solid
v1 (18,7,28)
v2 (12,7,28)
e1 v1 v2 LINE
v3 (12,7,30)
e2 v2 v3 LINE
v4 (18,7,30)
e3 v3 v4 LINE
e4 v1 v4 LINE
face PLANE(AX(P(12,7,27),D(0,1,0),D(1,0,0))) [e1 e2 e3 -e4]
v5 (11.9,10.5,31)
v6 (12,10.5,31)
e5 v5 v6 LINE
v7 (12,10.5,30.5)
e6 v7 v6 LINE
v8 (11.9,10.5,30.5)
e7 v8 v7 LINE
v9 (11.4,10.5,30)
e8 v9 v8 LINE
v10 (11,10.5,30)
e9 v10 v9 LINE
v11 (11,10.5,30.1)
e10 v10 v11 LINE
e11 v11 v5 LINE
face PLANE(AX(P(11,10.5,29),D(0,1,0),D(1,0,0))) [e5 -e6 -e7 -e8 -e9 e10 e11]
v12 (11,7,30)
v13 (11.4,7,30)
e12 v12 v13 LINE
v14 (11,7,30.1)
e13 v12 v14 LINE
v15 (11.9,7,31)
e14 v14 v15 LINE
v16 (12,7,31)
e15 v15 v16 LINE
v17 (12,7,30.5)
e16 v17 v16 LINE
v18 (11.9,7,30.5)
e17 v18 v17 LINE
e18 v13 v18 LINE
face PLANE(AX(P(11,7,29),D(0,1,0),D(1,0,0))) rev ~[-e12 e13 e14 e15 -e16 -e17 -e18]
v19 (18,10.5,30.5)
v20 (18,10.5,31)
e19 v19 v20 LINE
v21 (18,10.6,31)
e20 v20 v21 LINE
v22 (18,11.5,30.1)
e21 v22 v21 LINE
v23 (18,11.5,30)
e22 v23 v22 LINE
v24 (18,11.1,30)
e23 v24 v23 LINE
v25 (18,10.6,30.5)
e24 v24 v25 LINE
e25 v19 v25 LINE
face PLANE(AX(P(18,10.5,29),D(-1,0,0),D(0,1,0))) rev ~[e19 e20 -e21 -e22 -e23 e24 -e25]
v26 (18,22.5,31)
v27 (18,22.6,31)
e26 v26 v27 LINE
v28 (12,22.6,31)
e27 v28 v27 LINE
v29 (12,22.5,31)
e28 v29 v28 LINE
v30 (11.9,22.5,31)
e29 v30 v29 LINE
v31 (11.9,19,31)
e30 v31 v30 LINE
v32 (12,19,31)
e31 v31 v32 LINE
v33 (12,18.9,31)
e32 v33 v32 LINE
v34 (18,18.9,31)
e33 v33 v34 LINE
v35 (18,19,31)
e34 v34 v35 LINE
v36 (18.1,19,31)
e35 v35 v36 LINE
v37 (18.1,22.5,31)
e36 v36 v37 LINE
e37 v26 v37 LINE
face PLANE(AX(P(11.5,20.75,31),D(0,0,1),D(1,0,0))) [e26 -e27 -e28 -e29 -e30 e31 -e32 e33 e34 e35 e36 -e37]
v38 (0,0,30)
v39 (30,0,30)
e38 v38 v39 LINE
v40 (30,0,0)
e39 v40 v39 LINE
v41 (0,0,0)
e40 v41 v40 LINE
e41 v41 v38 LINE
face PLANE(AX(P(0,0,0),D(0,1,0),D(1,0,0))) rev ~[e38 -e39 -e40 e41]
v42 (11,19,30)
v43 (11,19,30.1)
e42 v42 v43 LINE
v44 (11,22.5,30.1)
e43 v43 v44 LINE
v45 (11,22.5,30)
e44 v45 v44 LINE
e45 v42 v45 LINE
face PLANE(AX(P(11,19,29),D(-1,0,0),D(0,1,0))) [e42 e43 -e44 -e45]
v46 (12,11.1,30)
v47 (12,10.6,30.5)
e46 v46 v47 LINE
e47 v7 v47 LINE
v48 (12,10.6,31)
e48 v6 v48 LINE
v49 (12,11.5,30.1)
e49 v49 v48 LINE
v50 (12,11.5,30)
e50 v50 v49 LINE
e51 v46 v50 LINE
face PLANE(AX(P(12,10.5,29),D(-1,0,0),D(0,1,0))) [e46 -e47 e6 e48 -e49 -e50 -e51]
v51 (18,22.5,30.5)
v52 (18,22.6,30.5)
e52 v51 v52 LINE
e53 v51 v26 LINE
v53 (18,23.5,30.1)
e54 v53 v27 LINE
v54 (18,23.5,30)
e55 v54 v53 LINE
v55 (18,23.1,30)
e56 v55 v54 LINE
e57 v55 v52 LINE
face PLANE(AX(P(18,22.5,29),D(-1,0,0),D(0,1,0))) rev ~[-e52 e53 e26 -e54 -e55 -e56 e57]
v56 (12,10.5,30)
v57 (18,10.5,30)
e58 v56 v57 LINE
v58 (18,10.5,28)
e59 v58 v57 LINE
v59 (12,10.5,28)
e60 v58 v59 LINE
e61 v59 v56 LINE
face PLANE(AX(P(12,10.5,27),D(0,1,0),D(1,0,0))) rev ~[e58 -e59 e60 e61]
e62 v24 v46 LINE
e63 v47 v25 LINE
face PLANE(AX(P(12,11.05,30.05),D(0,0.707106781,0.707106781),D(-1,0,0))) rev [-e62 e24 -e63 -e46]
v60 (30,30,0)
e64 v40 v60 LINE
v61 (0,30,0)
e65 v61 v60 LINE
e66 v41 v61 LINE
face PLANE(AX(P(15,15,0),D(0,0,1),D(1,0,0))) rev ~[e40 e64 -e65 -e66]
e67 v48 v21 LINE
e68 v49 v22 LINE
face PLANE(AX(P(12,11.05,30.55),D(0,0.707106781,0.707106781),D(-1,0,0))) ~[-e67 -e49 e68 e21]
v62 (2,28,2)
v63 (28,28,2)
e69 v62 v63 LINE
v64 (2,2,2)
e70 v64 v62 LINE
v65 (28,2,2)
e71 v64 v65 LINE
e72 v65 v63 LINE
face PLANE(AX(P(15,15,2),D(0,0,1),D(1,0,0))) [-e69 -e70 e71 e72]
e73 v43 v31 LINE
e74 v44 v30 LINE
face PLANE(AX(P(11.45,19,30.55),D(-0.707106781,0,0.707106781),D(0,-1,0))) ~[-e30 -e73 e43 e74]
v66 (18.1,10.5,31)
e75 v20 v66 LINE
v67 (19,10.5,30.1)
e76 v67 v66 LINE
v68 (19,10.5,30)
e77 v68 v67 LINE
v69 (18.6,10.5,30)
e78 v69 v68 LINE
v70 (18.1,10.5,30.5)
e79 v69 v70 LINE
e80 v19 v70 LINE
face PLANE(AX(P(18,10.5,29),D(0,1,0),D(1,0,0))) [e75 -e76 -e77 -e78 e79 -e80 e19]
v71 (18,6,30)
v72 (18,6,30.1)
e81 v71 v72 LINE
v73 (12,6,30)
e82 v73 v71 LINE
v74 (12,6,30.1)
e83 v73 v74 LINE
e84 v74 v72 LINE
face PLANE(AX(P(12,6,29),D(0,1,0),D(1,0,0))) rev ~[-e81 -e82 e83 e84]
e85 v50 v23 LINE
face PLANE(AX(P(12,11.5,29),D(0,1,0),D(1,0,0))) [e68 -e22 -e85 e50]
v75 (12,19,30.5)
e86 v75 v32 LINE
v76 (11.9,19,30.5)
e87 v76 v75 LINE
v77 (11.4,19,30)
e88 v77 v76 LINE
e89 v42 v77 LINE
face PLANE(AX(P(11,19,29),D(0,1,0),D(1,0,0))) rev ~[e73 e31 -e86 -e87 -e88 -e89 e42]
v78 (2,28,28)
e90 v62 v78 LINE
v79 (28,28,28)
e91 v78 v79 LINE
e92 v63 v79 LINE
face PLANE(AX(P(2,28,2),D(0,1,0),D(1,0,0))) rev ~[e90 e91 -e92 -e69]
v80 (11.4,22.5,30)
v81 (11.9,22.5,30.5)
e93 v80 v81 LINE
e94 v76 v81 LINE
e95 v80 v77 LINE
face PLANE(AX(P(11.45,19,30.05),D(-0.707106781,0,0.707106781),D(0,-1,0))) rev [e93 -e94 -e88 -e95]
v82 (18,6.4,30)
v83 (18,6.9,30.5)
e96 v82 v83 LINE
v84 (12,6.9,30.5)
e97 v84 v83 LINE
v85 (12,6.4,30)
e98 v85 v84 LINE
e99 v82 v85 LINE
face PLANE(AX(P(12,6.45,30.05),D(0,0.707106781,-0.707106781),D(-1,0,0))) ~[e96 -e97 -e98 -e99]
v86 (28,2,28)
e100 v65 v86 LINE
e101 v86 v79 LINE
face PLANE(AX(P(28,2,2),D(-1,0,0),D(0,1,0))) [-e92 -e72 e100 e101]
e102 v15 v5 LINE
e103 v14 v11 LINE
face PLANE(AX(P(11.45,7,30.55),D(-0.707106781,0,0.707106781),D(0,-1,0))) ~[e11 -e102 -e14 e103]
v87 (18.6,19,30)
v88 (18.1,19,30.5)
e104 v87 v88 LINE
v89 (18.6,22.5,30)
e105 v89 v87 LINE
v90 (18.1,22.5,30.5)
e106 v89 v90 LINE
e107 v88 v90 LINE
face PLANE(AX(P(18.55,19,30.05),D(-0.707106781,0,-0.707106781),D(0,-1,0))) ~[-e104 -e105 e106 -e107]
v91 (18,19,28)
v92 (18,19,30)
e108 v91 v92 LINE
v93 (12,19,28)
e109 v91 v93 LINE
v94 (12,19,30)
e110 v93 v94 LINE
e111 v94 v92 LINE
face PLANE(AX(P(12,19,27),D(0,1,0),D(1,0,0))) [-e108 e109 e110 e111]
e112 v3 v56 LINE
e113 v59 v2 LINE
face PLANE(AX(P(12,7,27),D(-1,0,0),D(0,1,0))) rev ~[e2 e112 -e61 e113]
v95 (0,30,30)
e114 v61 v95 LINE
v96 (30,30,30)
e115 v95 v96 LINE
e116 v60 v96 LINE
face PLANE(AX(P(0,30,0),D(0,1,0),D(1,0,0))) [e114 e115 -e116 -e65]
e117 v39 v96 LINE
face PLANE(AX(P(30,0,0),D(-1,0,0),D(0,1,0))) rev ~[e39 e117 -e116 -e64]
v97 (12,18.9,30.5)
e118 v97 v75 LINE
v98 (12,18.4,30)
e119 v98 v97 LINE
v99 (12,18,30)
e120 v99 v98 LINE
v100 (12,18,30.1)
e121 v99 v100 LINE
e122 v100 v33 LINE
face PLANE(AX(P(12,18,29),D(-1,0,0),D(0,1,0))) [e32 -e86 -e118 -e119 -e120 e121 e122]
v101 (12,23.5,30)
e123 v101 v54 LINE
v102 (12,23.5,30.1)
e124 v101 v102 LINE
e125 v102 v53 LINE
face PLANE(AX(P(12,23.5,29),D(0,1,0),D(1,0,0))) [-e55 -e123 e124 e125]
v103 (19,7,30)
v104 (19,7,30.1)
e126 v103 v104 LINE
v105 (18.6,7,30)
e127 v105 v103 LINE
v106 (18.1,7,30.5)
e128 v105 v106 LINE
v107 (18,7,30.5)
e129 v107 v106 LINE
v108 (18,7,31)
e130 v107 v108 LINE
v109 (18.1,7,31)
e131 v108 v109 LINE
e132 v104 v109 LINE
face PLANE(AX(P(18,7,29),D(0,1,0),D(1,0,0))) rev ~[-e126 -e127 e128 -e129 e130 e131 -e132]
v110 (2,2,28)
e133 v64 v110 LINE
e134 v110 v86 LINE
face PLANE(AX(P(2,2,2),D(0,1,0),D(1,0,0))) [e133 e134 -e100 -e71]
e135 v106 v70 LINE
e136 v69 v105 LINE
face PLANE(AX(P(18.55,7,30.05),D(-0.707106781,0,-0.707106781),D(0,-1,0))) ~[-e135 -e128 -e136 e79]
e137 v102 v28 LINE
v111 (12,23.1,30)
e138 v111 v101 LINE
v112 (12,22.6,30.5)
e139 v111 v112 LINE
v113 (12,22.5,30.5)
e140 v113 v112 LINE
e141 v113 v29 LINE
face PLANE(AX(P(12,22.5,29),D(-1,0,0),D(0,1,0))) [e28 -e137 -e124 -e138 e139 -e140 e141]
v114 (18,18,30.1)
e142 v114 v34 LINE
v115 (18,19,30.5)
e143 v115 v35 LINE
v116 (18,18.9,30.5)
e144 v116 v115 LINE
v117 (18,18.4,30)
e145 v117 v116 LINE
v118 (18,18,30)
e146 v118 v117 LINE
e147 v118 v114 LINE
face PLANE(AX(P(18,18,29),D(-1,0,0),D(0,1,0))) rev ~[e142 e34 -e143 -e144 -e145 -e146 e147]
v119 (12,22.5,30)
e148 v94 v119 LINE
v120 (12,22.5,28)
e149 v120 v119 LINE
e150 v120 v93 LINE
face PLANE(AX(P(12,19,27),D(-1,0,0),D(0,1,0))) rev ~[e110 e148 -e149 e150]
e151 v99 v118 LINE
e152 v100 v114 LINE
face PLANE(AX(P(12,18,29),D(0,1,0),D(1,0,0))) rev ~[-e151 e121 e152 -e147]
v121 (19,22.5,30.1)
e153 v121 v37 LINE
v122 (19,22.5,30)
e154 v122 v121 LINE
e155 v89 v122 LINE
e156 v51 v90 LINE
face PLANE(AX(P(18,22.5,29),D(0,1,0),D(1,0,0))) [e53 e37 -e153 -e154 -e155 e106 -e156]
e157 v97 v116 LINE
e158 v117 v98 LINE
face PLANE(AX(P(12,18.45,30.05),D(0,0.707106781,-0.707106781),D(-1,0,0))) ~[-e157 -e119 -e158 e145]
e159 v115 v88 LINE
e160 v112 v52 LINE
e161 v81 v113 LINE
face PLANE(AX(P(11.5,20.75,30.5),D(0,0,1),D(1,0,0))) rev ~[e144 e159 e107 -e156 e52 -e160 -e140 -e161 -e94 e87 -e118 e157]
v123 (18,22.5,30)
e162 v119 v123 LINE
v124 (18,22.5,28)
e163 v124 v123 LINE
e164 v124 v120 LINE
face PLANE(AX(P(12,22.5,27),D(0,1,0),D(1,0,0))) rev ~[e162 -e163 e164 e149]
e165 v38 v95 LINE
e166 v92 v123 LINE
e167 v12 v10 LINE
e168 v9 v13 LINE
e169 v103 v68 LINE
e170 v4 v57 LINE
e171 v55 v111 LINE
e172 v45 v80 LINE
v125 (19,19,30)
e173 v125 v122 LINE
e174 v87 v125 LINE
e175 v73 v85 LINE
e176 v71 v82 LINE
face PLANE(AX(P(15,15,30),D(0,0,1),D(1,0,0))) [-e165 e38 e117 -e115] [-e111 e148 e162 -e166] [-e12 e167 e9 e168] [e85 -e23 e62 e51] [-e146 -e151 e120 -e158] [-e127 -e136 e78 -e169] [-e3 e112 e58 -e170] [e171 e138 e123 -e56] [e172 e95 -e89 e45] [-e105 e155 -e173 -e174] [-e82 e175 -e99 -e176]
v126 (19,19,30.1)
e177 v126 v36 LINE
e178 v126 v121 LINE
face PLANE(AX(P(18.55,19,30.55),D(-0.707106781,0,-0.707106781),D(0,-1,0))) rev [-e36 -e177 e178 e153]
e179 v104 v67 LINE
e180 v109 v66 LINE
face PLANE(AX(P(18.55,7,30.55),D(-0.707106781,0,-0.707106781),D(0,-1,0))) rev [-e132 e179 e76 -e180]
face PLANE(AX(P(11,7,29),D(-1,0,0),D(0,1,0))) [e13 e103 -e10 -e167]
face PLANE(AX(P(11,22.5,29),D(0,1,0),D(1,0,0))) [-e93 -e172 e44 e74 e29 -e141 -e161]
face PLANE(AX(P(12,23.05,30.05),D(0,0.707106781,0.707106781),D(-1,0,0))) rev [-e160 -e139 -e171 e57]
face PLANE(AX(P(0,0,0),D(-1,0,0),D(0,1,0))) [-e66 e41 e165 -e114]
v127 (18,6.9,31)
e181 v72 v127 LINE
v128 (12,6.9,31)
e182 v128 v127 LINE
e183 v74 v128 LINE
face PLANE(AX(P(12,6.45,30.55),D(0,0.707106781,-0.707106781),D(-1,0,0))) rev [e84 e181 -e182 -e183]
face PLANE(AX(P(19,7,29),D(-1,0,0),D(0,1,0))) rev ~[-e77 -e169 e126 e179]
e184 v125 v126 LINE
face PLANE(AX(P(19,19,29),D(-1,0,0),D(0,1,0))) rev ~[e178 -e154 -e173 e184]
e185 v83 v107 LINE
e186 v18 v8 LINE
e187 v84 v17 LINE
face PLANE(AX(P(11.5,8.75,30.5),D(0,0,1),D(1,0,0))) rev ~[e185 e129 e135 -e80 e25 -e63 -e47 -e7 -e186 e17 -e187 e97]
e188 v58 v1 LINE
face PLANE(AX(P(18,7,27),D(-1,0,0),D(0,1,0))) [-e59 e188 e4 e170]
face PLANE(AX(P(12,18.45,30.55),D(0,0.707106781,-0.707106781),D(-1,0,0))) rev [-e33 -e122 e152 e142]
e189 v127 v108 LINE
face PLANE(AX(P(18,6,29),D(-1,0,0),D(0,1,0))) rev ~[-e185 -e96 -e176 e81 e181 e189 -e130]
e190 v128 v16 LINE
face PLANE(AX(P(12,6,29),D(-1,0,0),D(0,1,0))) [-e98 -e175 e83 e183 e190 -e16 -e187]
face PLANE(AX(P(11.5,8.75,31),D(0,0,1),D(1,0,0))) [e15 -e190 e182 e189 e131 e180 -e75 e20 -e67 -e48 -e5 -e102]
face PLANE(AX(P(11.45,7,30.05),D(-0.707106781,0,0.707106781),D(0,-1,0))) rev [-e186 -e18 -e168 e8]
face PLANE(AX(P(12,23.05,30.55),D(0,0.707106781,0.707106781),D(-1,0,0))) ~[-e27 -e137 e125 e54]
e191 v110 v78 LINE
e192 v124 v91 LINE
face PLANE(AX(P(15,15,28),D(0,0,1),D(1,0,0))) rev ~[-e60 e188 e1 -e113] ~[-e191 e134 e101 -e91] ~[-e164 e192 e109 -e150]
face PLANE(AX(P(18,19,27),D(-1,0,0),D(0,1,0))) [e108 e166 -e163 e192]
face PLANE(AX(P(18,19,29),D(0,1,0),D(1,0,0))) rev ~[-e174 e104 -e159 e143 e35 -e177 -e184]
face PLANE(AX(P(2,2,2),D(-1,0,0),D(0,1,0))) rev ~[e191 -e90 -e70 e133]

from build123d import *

# Parameters (mm, degrees)
BOX034_W        = 6
BOX034_H        = 1
BOX034_DEPTH    = 2
BOX033_W        = 1
BOX033_H        = 3.5
BOX033_DEPTH    = 2
BOX032_W        = 1
BOX032_H        = 3.5
BOX032_DEPTH    = 2
BOX031_W        = 6
BOX031_H        = 3.5
BOX031_DEPTH    = 2
BOX035_W        = 6
BOX035_H        = 1
BOX035_DEPTH    = 2
CHAMFER003_SIZE = 0.9
BOX024_W        = 6
BOX024_H        = 1
BOX024_DEPTH    = 2
BOX023_W        = 1
BOX023_H        = 3.5
BOX023_DEPTH    = 2
BOX022_W        = 1
BOX022_H        = 3.5
BOX022_DEPTH    = 2
BOX017_W        = 6
BOX017_H        = 3.5
BOX017_DEPTH    = 2
BOX025_W        = 6
BOX025_H        = 1
BOX025_DEPTH    = 2
CHAMFER001_SIZE = 0.9
BOX014_W        = 6
BOX014_H        = 3.5
BOX014_DEPTH    = 3
BOX015_W        = 6
BOX015_H        = 3.5
BOX015_DEPTH    = 3
BOX001_W        = 26
BOX001_H        = 26
BOX001_DEPTH    = 26
BOX_W           = 30
BOX_H           = 30
BOX_DEPTH       = 30
BOX029_W        = 6
BOX029_H        = 1
BOX029_DEPTH    = 2
BOX028_W        = 1
BOX028_H        = 3.5
BOX028_DEPTH    = 2
BOX027_W        = 1
BOX027_H        = 3.5
BOX027_DEPTH    = 2
BOX026_W        = 6
BOX026_H        = 3.5
BOX026_DEPTH    = 2
BOX030_W        = 6
BOX030_H        = 1
BOX030_DEPTH    = 2
CHAMFER002_SIZE = 0.9
BOX020_W        = 6
BOX020_H        = 1
BOX020_DEPTH    = 2
BOX019_W        = 1
BOX019_H        = 3.5
BOX019_DEPTH    = 2
BOX018_W        = 1
BOX018_H        = 3.5
BOX018_DEPTH    = 2
BOX016_W        = 6
BOX016_H        = 3.5
BOX016_DEPTH    = 2
BOX021_W        = 6
BOX021_H        = 1
BOX021_DEPTH    = 2
CHAMFER_SIZE    = 0.9


with BuildPart() as button2_box0010:
    # Box034 → Box034 (new body)
    with BuildSketch(Plane(origin=(12, 18, 28), x_dir=(1, 0, 0), z_dir=(0, 0, 1))):
        with Locations((3, 0.5)):
            Rectangle(BOX034_W, BOX034_H)
    extrude(amount=BOX034_DEPTH)


with BuildPart() as button2_box0009:
    # Box033 → Box033 (new body)
    with BuildSketch(Plane(origin=(18, 19, 28), x_dir=(1, 0, 0), z_dir=(0, 0, 1))):
        with Locations((0.5, 1.75)):
            Rectangle(BOX033_W, BOX033_H)
    extrude(amount=BOX033_DEPTH)


with BuildPart() as button2_box0008:
    # Box032 → Box032 (new body)
    with BuildSketch(Plane(origin=(11, 19, 28), x_dir=(1, 0, 0), z_dir=(0, 0, 1))):
        with Locations((0.5, 1.75)):
            Rectangle(BOX032_W, BOX032_H)
    extrude(amount=BOX032_DEPTH)


with BuildPart() as button2_box0007:
    # Box031 → Box031 (new body)
    with BuildSketch(Plane(origin=(12, 19, 28), x_dir=(1, 0, 0), z_dir=(0, 0, 1))):
        with Locations((3, 1.75)):
            Rectangle(BOX031_W, BOX031_H)
    extrude(amount=BOX031_DEPTH)


with BuildPart() as chamfer002bt2:
    # Box035 → Box035 (new body)
    with BuildSketch(Plane(origin=(12, 22.5, 28), x_dir=(1, 0, 0), z_dir=(0, 0, 1))):
        with Locations((3, 0.5)):
            Rectangle(BOX035_W, BOX035_H)
    extrude(amount=BOX035_DEPTH)

    # Fusion008: union Button2_box0010, Button2_box0009, Button2_box0008, Button2_box0007
    add(button2_box0010.part)
    add(button2_box0009.part)
    add(button2_box0008.part)
    add(button2_box0007.part)


with BuildPart() as chamfer002bt2_1:
    # Fusion008 placement: moved
    add(chamfer002bt2.part.moved(Location((0, 0, 1))))

    # Chamfer003
    chamfer003_edges = [chamfer002bt2_1.edges().sort_by_distance(p)[0] for p in [
        (11, 20.75, 31),
        (15, 18, 31),
        (15, 23.5, 31),
        (19, 20.75, 31),
    ]]
    chamfer(chamfer003_edges, length=CHAMFER003_SIZE)


with BuildPart() as chamfer002bt2_2:
    # Chamfer003 placement: moved
    add(chamfer002bt2_1.part.moved(Location((0, 0, -0.5))))


with BuildPart() as button2_box0005:
    # Box024 → Box024 (new body)
    with BuildSketch(Plane(origin=(12, 18, 28), x_dir=(1, 0, 0), z_dir=(0, 0, 1))):
        with Locations((3, 0.5)):
            Rectangle(BOX024_W, BOX024_H)
    extrude(amount=BOX024_DEPTH)


with BuildPart() as button2_box0004:
    # Box023 → Box023 (new body)
    with BuildSketch(Plane(origin=(18, 19, 28), x_dir=(1, 0, 0), z_dir=(0, 0, 1))):
        with Locations((0.5, 1.75)):
            Rectangle(BOX023_W, BOX023_H)
    extrude(amount=BOX023_DEPTH)


with BuildPart() as button2_box0003:
    # Box022 → Box022 (new body)
    with BuildSketch(Plane(origin=(11, 19, 28), x_dir=(1, 0, 0), z_dir=(0, 0, 1))):
        with Locations((0.5, 1.75)):
            Rectangle(BOX022_W, BOX022_H)
    extrude(amount=BOX022_DEPTH)


with BuildPart() as button2_box0002:
    # Box017 → Box017 (new body)
    with BuildSketch(Plane(origin=(12, 19, 28), x_dir=(1, 0, 0), z_dir=(0, 0, 1))):
        with Locations((3, 1.75)):
            Rectangle(BOX017_W, BOX017_H)
    extrude(amount=BOX017_DEPTH)


with BuildPart() as cut003:
    # Box025 → Box025 (new body)
    with BuildSketch(Plane(origin=(12, 22.5, 28), x_dir=(1, 0, 0), z_dir=(0, 0, 1))):
        with Locations((3, 0.5)):
            Rectangle(BOX025_W, BOX025_H)
    extrude(amount=BOX025_DEPTH)

    # Fusion003: union Button2_box0005, Button2_box0004, Button2_box0003, Button2_box0002
    add(button2_box0005.part)
    add(button2_box0004.part)
    add(button2_box0003.part)
    add(button2_box0002.part)


with BuildPart() as cut003_1:
    # Fusion003 placement: moved
    add(cut003.part.moved(Location((0, 0, 1))))

    # Chamfer001
    chamfer001_edges = [cut003_1.edges().sort_by_distance(p)[0] for p in [
        (11, 20.75, 31),
        (15, 18, 31),
        (15, 23.5, 31),
        (19, 20.75, 31),
    ]]
    chamfer(chamfer001_edges, length=CHAMFER001_SIZE)

    # Cut003: cut Chamfer002Bt2
    add(chamfer002bt2_2.part, mode=Mode.SUBTRACT)


with BuildPart() as button1_box0001:
    # Box014 → Box014 (new body)
    with BuildSketch(Plane(origin=(12, 7, 27), x_dir=(1, 0, 0), z_dir=(0, 0, 1))):
        with Locations((3, 1.75)):
            Rectangle(BOX014_W, BOX014_H)
    extrude(amount=BOX014_DEPTH)


with BuildPart() as fusion004_cut:
    # Box015 → Box015 (new body)
    with BuildSketch(Plane(origin=(12, 19, 27), x_dir=(1, 0, 0), z_dir=(0, 0, 1))):
        with Locations((3, 1.75)):
            Rectangle(BOX015_W, BOX015_H)
    extrude(amount=BOX015_DEPTH)

    # Fusion004: union Button1_box0001
    add(button1_box0001.part)


with BuildPart() as box_in:
    # Box001 → Box001 (new body)
    with BuildSketch(Plane(origin=(2, 2, 2), x_dir=(1, 0, 0), z_dir=(0, 0, 1))):
        with Locations((13, 13)):
            Rectangle(BOX001_W, BOX001_H)
    extrude(amount=BOX001_DEPTH)


with BuildPart() as cut001:
    # Box → Box (new body)
    with BuildSketch(Plane.XY):
        with Locations((15, 15)):
            Rectangle(BOX_W, BOX_H)
    extrude(amount=BOX_DEPTH)

    # Cut: cut Box_in
    add(box_in.part, mode=Mode.SUBTRACT)

    # Cut001: cut Fusion004_cut
    add(fusion004_cut.part, mode=Mode.SUBTRACT)


with BuildPart() as button1_box0010:
    # Box029 → Box029 (new body)
    with BuildSketch(Plane(origin=(12, 6, 28), x_dir=(1, 0, 0), z_dir=(0, 0, 1))):
        with Locations((3, 0.5)):
            Rectangle(BOX029_W, BOX029_H)
    extrude(amount=BOX029_DEPTH)


with BuildPart() as button1_box0009:
    # Box028 → Box028 (new body)
    with BuildSketch(Plane(origin=(18, 7, 28), x_dir=(1, 0, 0), z_dir=(0, 0, 1))):
        with Locations((0.5, 1.75)):
            Rectangle(BOX028_W, BOX028_H)
    extrude(amount=BOX028_DEPTH)


with BuildPart() as button1_box0008:
    # Box027 → Box027 (new body)
    with BuildSketch(Plane(origin=(11, 7, 28), x_dir=(1, 0, 0), z_dir=(0, 0, 1))):
        with Locations((0.5, 1.75)):
            Rectangle(BOX027_W, BOX027_H)
    extrude(amount=BOX027_DEPTH)


with BuildPart() as button1_box0007:
    # Box026 → Box026 (new body)
    with BuildSketch(Plane(origin=(12, 7, 28), x_dir=(1, 0, 0), z_dir=(0, 0, 1))):
        with Locations((3, 1.75)):
            Rectangle(BOX026_W, BOX026_H)
    extrude(amount=BOX026_DEPTH)


with BuildPart() as chamfer002bt1:
    # Box030 → Box030 (new body)
    with BuildSketch(Plane(origin=(12, 10.5, 28), x_dir=(1, 0, 0), z_dir=(0, 0, 1))):
        with Locations((3, 0.5)):
            Rectangle(BOX030_W, BOX030_H)
    extrude(amount=BOX030_DEPTH)

    # Fusion007: union Button1_box0010, Button1_box0009, Button1_box0008, Button1_box0007
    add(button1_box0010.part)
    add(button1_box0009.part)
    add(button1_box0008.part)
    add(button1_box0007.part)


with BuildPart() as chamfer002bt1_1:
    # Fusion007 placement: moved
    add(chamfer002bt1.part.moved(Location((0, 0, 1))))

    # Chamfer002
    chamfer002_edges = [chamfer002bt1_1.edges().sort_by_distance(p)[0] for p in [
        (11, 8.75, 31),
        (15, 6, 31),
        (15, 11.5, 31),
        (19, 8.75, 31),
    ]]
    chamfer(chamfer002_edges, length=CHAMFER002_SIZE)


with BuildPart() as chamfer002bt1_2:
    # Chamfer002 placement: moved
    add(chamfer002bt1_1.part.moved(Location((0, 0, -0.5))))


with BuildPart() as button1_box0005:
    # Box020 → Box020 (new body)
    with BuildSketch(Plane(origin=(12, 6, 28), x_dir=(1, 0, 0), z_dir=(0, 0, 1))):
        with Locations((3, 0.5)):
            Rectangle(BOX020_W, BOX020_H)
    extrude(amount=BOX020_DEPTH)


with BuildPart() as button1_box0004:
    # Box019 → Box019 (new body)
    with BuildSketch(Plane(origin=(18, 7, 28), x_dir=(1, 0, 0), z_dir=(0, 0, 1))):
        with Locations((0.5, 1.75)):
            Rectangle(BOX019_W, BOX019_H)
    extrude(amount=BOX019_DEPTH)


with BuildPart() as button1_box0003:
    # Box018 → Box018 (new body)
    with BuildSketch(Plane(origin=(11, 7, 28), x_dir=(1, 0, 0), z_dir=(0, 0, 1))):
        with Locations((0.5, 1.75)):
            Rectangle(BOX018_W, BOX018_H)
    extrude(amount=BOX018_DEPTH)


with BuildPart() as button1_box0002:
    # Box016 → Box016 (new body)
    with BuildSketch(Plane(origin=(12, 7, 28), x_dir=(1, 0, 0), z_dir=(0, 0, 1))):
        with Locations((3, 1.75)):
            Rectangle(BOX016_W, BOX016_H)
    extrude(amount=BOX016_DEPTH)


with BuildPart() as box:
    # Box021 → Box021 (new body)
    with BuildSketch(Plane(origin=(12, 10.5, 28), x_dir=(1, 0, 0), z_dir=(0, 0, 1))):
        with Locations((3, 0.5)):
            Rectangle(BOX021_W, BOX021_H)
    extrude(amount=BOX021_DEPTH)

    # Fusion002: union Button1_box0005, Button1_box0004, Button1_box0003, Button1_box0002
    add(button1_box0005.part)
    add(button1_box0004.part)
    add(button1_box0003.part)
    add(button1_box0002.part)


with BuildPart() as box_1:
    # Fusion002 placement: moved
    add(box.part.moved(Location((0, 0, 1))))

    # Chamfer
    chamfer_edges = [box_1.edges().sort_by_distance(p)[0] for p in [
        (11, 8.75, 31),
        (15, 6, 31),
        (15, 11.5, 31),
        (19, 8.75, 31),
    ]]
    chamfer(chamfer_edges, length=CHAMFER_SIZE)

    # Cut002: cut Chamfer002Bt1
    add(chamfer002bt1_2.part, mode=Mode.SUBTRACT)

    # Fusion009: union Cut003, Cut001
    add(cut003_1.part)
    add(cut001.part)


solid = box_1.part
